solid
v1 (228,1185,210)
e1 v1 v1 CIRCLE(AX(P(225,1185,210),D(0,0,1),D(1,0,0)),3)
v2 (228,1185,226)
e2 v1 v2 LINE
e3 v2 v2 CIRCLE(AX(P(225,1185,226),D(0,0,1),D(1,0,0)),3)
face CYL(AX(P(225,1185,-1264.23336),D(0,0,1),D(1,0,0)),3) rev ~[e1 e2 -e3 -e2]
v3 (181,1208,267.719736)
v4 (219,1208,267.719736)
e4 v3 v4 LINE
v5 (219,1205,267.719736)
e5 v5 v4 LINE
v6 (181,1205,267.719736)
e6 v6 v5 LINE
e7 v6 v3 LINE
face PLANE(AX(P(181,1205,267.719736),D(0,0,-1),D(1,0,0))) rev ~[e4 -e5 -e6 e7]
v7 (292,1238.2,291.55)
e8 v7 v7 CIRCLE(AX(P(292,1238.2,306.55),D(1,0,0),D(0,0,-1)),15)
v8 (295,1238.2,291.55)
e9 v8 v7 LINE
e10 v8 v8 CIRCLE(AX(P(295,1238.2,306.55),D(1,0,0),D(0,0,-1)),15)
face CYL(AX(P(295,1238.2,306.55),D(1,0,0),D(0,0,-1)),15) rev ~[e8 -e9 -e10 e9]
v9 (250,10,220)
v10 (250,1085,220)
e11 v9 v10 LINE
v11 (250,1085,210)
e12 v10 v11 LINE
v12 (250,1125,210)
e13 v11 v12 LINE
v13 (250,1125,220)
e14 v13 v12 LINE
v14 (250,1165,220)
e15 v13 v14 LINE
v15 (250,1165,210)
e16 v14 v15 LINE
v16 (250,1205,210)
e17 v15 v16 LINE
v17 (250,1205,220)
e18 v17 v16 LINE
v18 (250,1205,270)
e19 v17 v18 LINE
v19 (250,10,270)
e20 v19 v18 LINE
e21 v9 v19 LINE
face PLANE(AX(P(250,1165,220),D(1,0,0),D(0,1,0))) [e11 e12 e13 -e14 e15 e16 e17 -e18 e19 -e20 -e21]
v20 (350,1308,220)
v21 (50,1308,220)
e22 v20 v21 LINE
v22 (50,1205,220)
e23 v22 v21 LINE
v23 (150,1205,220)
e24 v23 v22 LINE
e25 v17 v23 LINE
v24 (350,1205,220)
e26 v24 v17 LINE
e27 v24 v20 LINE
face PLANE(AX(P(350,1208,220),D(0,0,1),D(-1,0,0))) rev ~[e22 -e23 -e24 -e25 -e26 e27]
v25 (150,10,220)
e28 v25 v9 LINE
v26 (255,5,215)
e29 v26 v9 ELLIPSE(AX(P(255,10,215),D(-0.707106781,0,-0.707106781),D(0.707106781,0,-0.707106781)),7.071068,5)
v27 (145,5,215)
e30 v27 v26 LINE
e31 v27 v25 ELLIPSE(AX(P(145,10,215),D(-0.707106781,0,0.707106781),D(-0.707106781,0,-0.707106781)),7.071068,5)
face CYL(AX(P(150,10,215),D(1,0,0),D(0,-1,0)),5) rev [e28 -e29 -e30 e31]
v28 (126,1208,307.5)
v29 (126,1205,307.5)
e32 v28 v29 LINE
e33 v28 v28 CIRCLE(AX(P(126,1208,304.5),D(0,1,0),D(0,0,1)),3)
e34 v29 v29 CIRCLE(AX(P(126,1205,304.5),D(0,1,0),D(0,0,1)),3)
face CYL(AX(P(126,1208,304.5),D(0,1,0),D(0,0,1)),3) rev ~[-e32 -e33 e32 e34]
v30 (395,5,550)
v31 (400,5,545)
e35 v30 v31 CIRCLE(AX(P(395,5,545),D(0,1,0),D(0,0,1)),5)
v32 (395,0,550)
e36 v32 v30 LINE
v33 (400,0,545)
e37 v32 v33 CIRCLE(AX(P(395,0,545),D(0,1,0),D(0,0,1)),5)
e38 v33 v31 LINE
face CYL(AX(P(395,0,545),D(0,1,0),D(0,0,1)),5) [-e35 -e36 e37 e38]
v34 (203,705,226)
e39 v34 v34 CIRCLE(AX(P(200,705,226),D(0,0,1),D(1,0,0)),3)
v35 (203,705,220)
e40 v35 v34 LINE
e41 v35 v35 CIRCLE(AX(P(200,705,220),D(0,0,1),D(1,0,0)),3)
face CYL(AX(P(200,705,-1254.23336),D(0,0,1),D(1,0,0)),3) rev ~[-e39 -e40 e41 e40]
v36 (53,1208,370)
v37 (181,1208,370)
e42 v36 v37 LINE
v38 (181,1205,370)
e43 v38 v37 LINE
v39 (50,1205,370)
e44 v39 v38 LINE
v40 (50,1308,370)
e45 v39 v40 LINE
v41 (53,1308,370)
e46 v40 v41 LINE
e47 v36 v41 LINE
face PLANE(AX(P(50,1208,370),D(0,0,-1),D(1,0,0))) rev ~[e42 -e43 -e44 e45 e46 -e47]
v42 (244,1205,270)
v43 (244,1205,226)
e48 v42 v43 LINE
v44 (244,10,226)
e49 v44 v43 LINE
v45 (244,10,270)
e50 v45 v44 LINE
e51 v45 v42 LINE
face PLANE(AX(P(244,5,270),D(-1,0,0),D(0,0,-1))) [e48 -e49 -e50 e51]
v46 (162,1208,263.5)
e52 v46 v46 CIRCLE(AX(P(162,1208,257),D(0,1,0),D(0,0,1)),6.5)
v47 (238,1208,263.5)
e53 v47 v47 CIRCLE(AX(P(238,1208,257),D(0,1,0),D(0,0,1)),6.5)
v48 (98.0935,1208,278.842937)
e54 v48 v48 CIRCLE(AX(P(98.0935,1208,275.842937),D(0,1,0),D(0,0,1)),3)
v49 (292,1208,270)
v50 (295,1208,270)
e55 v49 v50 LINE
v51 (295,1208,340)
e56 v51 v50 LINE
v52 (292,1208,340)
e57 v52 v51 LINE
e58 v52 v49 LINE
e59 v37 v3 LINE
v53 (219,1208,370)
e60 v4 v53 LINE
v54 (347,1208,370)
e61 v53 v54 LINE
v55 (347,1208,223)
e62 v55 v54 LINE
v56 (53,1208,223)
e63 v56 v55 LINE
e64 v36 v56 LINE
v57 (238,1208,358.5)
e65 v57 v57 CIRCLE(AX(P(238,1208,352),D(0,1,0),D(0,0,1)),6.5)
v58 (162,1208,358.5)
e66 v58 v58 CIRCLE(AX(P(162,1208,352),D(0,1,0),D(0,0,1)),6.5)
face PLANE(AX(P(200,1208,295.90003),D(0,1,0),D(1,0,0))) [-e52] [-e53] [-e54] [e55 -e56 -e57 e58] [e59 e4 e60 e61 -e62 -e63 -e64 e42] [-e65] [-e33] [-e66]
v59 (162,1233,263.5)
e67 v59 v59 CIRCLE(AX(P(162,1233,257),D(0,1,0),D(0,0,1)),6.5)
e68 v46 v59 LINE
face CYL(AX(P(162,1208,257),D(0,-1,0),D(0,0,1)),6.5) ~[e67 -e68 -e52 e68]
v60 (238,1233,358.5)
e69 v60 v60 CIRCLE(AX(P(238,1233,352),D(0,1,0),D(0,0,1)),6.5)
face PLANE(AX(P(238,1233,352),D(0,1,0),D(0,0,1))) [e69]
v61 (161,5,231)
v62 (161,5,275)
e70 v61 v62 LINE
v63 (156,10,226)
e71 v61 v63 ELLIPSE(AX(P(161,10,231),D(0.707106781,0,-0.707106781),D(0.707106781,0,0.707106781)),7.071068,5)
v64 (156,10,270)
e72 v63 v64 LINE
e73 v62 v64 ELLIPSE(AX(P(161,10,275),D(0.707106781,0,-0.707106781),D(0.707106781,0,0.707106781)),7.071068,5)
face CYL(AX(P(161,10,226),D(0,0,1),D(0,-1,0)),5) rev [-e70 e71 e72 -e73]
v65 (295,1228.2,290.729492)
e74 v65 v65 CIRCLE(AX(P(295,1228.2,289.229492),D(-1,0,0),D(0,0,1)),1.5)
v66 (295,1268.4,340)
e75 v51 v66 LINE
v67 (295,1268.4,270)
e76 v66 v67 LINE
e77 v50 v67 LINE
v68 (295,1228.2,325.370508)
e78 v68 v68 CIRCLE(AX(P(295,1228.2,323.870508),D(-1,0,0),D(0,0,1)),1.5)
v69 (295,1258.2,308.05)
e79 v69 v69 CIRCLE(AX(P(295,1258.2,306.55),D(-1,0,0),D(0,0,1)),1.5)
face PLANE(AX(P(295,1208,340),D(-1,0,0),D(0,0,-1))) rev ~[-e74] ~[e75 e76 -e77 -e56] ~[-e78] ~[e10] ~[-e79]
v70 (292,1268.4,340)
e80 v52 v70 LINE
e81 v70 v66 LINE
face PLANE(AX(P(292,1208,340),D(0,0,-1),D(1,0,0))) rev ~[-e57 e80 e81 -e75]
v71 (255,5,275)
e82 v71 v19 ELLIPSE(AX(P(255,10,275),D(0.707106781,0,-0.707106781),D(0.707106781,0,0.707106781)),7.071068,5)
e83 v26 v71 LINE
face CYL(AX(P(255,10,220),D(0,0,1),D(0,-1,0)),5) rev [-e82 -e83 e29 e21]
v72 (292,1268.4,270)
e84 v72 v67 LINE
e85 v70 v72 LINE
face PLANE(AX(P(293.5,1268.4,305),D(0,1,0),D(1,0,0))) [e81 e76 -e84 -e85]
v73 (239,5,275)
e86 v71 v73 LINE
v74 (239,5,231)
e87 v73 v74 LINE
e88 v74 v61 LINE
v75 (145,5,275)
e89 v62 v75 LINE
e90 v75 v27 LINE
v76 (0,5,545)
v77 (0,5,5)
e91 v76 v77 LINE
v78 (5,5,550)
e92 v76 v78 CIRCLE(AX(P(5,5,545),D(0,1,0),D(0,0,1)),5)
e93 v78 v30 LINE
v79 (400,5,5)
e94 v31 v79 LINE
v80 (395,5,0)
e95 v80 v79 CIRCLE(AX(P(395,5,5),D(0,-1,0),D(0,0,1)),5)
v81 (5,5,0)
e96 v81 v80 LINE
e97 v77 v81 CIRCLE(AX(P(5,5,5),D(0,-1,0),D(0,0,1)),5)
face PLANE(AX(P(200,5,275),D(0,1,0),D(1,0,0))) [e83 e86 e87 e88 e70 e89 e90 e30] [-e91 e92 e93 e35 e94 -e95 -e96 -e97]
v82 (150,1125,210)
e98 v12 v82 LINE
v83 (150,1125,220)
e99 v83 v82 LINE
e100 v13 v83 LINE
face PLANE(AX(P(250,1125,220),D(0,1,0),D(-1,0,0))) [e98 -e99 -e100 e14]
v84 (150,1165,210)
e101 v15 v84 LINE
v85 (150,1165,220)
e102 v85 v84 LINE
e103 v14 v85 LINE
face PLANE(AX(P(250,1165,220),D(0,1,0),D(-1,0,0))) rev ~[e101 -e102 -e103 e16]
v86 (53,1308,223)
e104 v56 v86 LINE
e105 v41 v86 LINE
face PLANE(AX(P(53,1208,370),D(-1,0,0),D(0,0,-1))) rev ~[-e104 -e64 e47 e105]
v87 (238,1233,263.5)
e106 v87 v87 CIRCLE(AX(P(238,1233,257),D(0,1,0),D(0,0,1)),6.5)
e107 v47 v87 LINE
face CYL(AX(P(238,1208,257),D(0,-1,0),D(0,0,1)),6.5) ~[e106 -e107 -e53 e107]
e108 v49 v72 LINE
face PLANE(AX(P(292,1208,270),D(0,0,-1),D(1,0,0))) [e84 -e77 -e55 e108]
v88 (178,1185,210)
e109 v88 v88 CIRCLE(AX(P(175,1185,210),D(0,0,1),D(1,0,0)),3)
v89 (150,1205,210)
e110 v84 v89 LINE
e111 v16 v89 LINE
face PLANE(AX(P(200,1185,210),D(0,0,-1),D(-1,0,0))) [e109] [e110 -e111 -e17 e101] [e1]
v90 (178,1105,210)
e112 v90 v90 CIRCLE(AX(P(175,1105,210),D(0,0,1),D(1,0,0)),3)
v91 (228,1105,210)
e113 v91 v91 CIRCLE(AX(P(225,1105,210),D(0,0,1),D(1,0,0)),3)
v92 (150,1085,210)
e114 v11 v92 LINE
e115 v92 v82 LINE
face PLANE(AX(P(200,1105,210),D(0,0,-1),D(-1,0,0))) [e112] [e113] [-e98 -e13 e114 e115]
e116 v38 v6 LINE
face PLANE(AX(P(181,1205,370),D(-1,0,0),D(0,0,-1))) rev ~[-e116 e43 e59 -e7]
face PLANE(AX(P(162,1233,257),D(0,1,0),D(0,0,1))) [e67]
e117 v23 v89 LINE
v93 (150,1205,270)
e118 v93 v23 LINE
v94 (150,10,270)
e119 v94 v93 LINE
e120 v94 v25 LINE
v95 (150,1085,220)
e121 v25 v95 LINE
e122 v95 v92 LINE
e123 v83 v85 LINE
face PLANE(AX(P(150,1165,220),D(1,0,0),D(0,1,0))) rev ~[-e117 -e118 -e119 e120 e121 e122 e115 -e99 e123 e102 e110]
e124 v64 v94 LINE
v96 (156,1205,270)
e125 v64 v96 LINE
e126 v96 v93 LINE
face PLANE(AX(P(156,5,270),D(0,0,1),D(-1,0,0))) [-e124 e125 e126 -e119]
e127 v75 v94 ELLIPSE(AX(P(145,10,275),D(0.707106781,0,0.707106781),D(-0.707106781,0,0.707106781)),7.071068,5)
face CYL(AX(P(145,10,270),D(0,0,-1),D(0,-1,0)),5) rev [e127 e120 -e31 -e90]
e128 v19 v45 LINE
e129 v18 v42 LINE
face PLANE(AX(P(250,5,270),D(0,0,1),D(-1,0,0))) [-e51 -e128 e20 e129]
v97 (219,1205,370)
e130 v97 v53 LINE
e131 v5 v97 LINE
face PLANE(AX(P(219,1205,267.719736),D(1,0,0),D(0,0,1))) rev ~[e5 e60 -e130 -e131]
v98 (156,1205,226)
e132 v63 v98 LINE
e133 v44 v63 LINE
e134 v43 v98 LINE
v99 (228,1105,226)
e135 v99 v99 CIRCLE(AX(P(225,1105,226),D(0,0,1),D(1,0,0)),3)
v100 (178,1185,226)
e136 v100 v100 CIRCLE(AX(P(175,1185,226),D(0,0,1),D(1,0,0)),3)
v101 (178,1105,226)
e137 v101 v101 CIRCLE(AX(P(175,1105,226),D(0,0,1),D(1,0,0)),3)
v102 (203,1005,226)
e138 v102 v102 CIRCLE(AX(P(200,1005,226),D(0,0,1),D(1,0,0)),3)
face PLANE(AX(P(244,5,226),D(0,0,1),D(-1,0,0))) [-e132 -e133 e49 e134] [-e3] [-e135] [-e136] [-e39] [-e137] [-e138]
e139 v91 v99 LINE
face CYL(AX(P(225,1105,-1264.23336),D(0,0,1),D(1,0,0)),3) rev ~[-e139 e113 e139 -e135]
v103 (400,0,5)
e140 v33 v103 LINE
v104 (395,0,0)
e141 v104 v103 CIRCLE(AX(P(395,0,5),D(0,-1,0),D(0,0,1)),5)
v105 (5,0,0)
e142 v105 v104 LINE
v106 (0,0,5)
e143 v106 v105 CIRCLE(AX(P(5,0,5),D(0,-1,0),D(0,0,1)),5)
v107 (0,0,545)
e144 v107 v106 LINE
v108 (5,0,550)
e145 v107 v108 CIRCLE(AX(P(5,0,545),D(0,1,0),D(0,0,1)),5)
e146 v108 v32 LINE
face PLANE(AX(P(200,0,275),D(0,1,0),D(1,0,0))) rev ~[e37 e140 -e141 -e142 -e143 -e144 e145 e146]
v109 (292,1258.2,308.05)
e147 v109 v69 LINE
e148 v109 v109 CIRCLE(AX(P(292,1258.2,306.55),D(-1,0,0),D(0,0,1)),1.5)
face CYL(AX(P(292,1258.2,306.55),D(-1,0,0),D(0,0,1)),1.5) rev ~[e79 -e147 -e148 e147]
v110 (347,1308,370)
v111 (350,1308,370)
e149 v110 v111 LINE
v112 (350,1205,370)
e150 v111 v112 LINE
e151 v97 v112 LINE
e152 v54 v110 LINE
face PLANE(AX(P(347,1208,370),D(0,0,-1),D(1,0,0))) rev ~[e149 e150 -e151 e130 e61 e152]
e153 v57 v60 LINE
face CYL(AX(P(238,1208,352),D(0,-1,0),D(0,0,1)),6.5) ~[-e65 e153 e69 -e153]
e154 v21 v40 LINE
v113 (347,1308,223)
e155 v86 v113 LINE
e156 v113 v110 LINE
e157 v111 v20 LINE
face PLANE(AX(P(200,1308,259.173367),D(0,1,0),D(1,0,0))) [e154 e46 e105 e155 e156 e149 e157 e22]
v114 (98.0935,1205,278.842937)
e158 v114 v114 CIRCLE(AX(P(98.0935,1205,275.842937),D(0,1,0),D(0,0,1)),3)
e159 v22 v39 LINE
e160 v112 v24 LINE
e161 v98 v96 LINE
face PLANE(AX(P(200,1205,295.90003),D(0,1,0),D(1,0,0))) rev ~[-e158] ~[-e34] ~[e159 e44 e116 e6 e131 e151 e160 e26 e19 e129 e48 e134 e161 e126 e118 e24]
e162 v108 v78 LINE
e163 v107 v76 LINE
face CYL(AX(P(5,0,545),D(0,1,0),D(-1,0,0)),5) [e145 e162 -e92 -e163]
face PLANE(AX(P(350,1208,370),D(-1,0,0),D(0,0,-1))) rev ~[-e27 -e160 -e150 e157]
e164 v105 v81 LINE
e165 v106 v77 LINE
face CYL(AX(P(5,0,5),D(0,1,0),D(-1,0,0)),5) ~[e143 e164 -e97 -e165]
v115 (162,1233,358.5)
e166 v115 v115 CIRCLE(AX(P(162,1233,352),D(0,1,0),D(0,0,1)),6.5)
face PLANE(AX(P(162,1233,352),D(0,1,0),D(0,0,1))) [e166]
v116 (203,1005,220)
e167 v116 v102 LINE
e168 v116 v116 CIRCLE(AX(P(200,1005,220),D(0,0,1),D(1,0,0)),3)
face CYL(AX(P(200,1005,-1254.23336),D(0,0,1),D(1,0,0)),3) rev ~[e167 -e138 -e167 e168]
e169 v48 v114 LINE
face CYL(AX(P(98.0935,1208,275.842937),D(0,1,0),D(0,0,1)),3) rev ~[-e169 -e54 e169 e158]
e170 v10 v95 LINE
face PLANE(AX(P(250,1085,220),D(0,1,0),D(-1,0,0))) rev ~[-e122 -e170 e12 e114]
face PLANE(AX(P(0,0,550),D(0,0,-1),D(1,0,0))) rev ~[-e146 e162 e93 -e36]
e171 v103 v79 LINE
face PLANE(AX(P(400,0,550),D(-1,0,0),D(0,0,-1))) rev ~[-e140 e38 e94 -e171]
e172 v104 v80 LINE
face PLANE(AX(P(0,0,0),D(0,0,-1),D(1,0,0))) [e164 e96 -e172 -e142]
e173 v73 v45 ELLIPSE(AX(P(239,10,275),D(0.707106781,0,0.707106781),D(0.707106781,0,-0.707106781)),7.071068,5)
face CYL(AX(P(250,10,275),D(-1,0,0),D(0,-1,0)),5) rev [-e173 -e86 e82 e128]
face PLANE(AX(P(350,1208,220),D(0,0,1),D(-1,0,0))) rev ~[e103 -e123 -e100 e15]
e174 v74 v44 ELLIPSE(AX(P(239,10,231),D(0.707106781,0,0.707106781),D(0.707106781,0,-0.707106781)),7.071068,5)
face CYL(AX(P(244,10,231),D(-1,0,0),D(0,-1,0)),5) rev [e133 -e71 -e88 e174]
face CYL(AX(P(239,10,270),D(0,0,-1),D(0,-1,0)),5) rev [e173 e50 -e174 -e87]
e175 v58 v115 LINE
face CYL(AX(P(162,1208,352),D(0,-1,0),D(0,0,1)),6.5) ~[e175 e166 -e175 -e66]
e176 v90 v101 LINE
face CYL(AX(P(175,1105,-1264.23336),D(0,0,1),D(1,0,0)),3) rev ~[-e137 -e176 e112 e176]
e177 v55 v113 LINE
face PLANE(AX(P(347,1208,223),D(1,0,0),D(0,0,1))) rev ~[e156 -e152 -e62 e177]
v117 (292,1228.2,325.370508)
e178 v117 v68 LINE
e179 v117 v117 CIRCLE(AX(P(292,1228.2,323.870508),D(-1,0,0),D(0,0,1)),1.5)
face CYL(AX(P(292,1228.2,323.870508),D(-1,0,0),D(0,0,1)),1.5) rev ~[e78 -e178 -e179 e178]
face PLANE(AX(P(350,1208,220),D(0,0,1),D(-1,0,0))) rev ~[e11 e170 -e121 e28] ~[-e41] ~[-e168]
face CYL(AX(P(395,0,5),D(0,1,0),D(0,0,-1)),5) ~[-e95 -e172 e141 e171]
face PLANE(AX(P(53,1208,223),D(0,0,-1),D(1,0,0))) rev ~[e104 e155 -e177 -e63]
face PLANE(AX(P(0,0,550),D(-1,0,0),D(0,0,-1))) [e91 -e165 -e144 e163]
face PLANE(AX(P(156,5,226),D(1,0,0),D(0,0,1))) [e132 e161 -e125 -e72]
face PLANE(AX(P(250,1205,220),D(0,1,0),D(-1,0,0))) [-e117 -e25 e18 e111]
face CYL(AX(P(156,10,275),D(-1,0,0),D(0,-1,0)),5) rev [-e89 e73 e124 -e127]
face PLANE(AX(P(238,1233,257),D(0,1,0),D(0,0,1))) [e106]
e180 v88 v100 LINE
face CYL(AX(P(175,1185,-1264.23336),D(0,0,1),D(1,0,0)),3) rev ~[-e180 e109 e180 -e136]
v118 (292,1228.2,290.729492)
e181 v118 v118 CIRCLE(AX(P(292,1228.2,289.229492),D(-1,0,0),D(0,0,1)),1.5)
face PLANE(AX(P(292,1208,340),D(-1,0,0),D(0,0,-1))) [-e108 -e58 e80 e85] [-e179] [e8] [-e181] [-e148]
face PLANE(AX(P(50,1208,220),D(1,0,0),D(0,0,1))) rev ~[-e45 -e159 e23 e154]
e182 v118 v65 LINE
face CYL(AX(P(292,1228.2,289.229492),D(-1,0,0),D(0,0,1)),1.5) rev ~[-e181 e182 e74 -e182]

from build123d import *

# Parameters (mm, degrees)
SKETCH1_W             = 400
SKETCH1_H             = 550
BOSS_EXTRUDE2_DEPTH   = 5
EXTRUDE_THIN1_DEPTH   = 1200
FILLET3_R             = 5
BOSS_EXTRUDE4_DEPTH   = 3
SKETCH8_W             = 3
SKETCH8_H             = 70
BOSS_EXTRUDE5_DEPTH   = 60.4
SKETCH9_R             = 15
CUT_EXTRUDE2_DEPTH    = 3
SKETCH10_R            = 1.5
CUT_EXTRUDE3_DEPTH    = 3
SKETCH12_R            = 6.5
BOSS_EXTRUDE6_DEPTH   = 25
SKETCH13_R            = 3
CUT_EXTRUDE5_DEPTH    = 3
EXTRUDE_THIN2_DEPTH   = 100
F_6_0MM_DOWEL_HOLE1_D = 6
SKETCH18_W            = 100
SKETCH18_H            = 40
BOSS_EXTRUDE7_DEPTH   = 10
F_6_0MM_DOWEL_HOLE2_D = 6


with BuildPart() as part:
    # Sketch1 → Boss-Extrude2 (new body)
    with BuildSketch(Plane(origin=(0, 0, 0), x_dir=(1, 0, 0), z_dir=(0, 1, 0))):
        with Locations((200, -275)):
            Rectangle(SKETCH1_W, SKETCH1_H)
    extrude(amount=BOSS_EXTRUDE2_DEPTH)

    # Sketch2 → Extrude-Thin1 (add)
    with BuildSketch(Plane(origin=(0, 5, 0), x_dir=(1, 0, 0), z_dir=(0, 1, 0))):
        Polygon((150, -270), (150, -220), (250, -220), (250, -270), (244, -270), (244, -226), (156, -226), (156, -270), align=None)
    extrude(amount=EXTRUDE_THIN1_DEPTH)

    # Fillet3
    fillet3_edges = [part.edges().sort_by_distance(p)[0] for p in [
        (244, 5, 248),
        (156, 5, 248),
        (200, 5, 226),
        (153, 5, 270),
        (150, 5, 245),
        (200, 5, 220),
        (250, 5, 245),
        (247, 5, 270),
        (0, 2.5, 0),
        (400, 2.5, 0),
        (400, 2.5, 550),
        (0, 2.5, 550),
    ]]
    fillet(fillet3_edges, radius=FILLET3_R)

    # Sketch7 → Boss-Extrude4 (add)
    with BuildSketch(Plane(origin=(0, 1205, 0), x_dir=(1, 0, 0), z_dir=(0, 1, 0))):
        Polygon((350, -220), (50, -220), (50, -370), (181, -370), (181, -267.719735963), (219, -267.719735963), (219, -370), (350, -370), align=None)
    extrude(amount=BOSS_EXTRUDE4_DEPTH)

    # Sketch8 → Boss-Extrude5 (add)
    with BuildSketch(Plane(origin=(0, 1208, 0), x_dir=(1, 0, 0), z_dir=(0, 1, 0))):
        with Locations((293.5, -305)):
            Rectangle(SKETCH8_W, SKETCH8_H)
    extrude(amount=BOSS_EXTRUDE5_DEPTH)

    # Sketch9 → Cut-Extrude2 (cut)
    with BuildSketch(Plane(origin=(295, 0, 0), x_dir=(0, 0, -1), z_dir=(1, 0, 0))):
        with Locations((-306.55, 1238.2)):
            Circle(SKETCH9_R)
    extrude(amount=-CUT_EXTRUDE2_DEPTH, mode=Mode.SUBTRACT)

    # Sketch10 → Cut-Extrude3 (cut)
    with BuildSketch(Plane.ZY.offset(-292)):
        with Locations((306.55, 1258.2)):
            Circle(SKETCH10_R)
        with Locations((289.229491924, 1228.2)):
            Circle(SKETCH10_R)
        with Locations((323.870508076, 1228.2)):
            Circle(SKETCH10_R)
    extrude(amount=-CUT_EXTRUDE3_DEPTH, mode=Mode.SUBTRACT)

    # Sketch12 → Boss-Extrude6 (add)
    with BuildSketch(Plane(origin=(0, 1208, 0), x_dir=(1, 0, 0), z_dir=(0, 1, 0))):
        with Locations(Location((162, -352, 0), (0, 0, 270))):
            Circle(SKETCH12_R)
        with Locations(Location((162, -257, 0), (0, 0, 270))):
            Circle(SKETCH12_R)
        with Locations(Location((238, -257, 0), (0, 0, 270))):
            Circle(SKETCH12_R)
        with Locations(Location((238, -352, 0), (0, 0, 270))):
            Circle(SKETCH12_R)
    extrude(amount=BOSS_EXTRUDE6_DEPTH)

    # Sketch13 → Cut-Extrude5 (cut)
    with BuildSketch(Plane(origin=(0, 1208, 0), x_dir=(1, 0, 0), z_dir=(0, 1, 0))):
        with Locations(Location((126, -304.5, 0), (0, 0, 270))):
            Circle(SKETCH13_R)
        with Locations(Location((98.09349971, -275.842937318, 0), (0, 0, 270))):
            Circle(SKETCH13_R)
    extrude(amount=-CUT_EXTRUDE5_DEPTH, mode=Mode.SUBTRACT)

    # Sketch15 → Extrude-Thin2 (add)
    with BuildSketch(Plane(origin=(0, 1208, 0), x_dir=(1, 0, 0), z_dir=(0, 1, 0))):
        Polygon((350, -370), (350, -220), (50, -220), (50, -370), (53, -370), (53, -223), (347, -223), (347, -370), align=None)
    extrude(amount=EXTRUDE_THIN2_DEPTH)

    # Ø6.0mm Dowel Hole1 (through all)
    with Locations(Plane(origin=(0, 0, 220), x_dir=(-1, 0, 0), z_dir=(0, 0, -1))):
        with Locations((-200, 1005), (-200, 705)):
            Hole(F_6_0MM_DOWEL_HOLE1_D / 2)

    # Sketch18 → Boss-Extrude7 (add)
    with BuildSketch(Plane(origin=(0, 0, 220), x_dir=(-1, 0, 0), z_dir=(0, 0, -1))):
        with Locations((-200, 1185)):
            Rectangle(SKETCH18_W, SKETCH18_H)
        with Locations((-200, 1105)):
            Rectangle(SKETCH18_W, SKETCH18_H)
    extrude(amount=BOSS_EXTRUDE7_DEPTH)

    # Ø6.0mm Dowel Hole2 (through all)
    with Locations(Plane(origin=(0, 0, 210), x_dir=(-1, 0, 0), z_dir=(0, 0, -1))):
        with Locations((-225, 1185), (-175, 1185), (-175, 1105), (-225, 1105)):
            Hole(F_6_0MM_DOWEL_HOLE2_D / 2)


solid = part.part
